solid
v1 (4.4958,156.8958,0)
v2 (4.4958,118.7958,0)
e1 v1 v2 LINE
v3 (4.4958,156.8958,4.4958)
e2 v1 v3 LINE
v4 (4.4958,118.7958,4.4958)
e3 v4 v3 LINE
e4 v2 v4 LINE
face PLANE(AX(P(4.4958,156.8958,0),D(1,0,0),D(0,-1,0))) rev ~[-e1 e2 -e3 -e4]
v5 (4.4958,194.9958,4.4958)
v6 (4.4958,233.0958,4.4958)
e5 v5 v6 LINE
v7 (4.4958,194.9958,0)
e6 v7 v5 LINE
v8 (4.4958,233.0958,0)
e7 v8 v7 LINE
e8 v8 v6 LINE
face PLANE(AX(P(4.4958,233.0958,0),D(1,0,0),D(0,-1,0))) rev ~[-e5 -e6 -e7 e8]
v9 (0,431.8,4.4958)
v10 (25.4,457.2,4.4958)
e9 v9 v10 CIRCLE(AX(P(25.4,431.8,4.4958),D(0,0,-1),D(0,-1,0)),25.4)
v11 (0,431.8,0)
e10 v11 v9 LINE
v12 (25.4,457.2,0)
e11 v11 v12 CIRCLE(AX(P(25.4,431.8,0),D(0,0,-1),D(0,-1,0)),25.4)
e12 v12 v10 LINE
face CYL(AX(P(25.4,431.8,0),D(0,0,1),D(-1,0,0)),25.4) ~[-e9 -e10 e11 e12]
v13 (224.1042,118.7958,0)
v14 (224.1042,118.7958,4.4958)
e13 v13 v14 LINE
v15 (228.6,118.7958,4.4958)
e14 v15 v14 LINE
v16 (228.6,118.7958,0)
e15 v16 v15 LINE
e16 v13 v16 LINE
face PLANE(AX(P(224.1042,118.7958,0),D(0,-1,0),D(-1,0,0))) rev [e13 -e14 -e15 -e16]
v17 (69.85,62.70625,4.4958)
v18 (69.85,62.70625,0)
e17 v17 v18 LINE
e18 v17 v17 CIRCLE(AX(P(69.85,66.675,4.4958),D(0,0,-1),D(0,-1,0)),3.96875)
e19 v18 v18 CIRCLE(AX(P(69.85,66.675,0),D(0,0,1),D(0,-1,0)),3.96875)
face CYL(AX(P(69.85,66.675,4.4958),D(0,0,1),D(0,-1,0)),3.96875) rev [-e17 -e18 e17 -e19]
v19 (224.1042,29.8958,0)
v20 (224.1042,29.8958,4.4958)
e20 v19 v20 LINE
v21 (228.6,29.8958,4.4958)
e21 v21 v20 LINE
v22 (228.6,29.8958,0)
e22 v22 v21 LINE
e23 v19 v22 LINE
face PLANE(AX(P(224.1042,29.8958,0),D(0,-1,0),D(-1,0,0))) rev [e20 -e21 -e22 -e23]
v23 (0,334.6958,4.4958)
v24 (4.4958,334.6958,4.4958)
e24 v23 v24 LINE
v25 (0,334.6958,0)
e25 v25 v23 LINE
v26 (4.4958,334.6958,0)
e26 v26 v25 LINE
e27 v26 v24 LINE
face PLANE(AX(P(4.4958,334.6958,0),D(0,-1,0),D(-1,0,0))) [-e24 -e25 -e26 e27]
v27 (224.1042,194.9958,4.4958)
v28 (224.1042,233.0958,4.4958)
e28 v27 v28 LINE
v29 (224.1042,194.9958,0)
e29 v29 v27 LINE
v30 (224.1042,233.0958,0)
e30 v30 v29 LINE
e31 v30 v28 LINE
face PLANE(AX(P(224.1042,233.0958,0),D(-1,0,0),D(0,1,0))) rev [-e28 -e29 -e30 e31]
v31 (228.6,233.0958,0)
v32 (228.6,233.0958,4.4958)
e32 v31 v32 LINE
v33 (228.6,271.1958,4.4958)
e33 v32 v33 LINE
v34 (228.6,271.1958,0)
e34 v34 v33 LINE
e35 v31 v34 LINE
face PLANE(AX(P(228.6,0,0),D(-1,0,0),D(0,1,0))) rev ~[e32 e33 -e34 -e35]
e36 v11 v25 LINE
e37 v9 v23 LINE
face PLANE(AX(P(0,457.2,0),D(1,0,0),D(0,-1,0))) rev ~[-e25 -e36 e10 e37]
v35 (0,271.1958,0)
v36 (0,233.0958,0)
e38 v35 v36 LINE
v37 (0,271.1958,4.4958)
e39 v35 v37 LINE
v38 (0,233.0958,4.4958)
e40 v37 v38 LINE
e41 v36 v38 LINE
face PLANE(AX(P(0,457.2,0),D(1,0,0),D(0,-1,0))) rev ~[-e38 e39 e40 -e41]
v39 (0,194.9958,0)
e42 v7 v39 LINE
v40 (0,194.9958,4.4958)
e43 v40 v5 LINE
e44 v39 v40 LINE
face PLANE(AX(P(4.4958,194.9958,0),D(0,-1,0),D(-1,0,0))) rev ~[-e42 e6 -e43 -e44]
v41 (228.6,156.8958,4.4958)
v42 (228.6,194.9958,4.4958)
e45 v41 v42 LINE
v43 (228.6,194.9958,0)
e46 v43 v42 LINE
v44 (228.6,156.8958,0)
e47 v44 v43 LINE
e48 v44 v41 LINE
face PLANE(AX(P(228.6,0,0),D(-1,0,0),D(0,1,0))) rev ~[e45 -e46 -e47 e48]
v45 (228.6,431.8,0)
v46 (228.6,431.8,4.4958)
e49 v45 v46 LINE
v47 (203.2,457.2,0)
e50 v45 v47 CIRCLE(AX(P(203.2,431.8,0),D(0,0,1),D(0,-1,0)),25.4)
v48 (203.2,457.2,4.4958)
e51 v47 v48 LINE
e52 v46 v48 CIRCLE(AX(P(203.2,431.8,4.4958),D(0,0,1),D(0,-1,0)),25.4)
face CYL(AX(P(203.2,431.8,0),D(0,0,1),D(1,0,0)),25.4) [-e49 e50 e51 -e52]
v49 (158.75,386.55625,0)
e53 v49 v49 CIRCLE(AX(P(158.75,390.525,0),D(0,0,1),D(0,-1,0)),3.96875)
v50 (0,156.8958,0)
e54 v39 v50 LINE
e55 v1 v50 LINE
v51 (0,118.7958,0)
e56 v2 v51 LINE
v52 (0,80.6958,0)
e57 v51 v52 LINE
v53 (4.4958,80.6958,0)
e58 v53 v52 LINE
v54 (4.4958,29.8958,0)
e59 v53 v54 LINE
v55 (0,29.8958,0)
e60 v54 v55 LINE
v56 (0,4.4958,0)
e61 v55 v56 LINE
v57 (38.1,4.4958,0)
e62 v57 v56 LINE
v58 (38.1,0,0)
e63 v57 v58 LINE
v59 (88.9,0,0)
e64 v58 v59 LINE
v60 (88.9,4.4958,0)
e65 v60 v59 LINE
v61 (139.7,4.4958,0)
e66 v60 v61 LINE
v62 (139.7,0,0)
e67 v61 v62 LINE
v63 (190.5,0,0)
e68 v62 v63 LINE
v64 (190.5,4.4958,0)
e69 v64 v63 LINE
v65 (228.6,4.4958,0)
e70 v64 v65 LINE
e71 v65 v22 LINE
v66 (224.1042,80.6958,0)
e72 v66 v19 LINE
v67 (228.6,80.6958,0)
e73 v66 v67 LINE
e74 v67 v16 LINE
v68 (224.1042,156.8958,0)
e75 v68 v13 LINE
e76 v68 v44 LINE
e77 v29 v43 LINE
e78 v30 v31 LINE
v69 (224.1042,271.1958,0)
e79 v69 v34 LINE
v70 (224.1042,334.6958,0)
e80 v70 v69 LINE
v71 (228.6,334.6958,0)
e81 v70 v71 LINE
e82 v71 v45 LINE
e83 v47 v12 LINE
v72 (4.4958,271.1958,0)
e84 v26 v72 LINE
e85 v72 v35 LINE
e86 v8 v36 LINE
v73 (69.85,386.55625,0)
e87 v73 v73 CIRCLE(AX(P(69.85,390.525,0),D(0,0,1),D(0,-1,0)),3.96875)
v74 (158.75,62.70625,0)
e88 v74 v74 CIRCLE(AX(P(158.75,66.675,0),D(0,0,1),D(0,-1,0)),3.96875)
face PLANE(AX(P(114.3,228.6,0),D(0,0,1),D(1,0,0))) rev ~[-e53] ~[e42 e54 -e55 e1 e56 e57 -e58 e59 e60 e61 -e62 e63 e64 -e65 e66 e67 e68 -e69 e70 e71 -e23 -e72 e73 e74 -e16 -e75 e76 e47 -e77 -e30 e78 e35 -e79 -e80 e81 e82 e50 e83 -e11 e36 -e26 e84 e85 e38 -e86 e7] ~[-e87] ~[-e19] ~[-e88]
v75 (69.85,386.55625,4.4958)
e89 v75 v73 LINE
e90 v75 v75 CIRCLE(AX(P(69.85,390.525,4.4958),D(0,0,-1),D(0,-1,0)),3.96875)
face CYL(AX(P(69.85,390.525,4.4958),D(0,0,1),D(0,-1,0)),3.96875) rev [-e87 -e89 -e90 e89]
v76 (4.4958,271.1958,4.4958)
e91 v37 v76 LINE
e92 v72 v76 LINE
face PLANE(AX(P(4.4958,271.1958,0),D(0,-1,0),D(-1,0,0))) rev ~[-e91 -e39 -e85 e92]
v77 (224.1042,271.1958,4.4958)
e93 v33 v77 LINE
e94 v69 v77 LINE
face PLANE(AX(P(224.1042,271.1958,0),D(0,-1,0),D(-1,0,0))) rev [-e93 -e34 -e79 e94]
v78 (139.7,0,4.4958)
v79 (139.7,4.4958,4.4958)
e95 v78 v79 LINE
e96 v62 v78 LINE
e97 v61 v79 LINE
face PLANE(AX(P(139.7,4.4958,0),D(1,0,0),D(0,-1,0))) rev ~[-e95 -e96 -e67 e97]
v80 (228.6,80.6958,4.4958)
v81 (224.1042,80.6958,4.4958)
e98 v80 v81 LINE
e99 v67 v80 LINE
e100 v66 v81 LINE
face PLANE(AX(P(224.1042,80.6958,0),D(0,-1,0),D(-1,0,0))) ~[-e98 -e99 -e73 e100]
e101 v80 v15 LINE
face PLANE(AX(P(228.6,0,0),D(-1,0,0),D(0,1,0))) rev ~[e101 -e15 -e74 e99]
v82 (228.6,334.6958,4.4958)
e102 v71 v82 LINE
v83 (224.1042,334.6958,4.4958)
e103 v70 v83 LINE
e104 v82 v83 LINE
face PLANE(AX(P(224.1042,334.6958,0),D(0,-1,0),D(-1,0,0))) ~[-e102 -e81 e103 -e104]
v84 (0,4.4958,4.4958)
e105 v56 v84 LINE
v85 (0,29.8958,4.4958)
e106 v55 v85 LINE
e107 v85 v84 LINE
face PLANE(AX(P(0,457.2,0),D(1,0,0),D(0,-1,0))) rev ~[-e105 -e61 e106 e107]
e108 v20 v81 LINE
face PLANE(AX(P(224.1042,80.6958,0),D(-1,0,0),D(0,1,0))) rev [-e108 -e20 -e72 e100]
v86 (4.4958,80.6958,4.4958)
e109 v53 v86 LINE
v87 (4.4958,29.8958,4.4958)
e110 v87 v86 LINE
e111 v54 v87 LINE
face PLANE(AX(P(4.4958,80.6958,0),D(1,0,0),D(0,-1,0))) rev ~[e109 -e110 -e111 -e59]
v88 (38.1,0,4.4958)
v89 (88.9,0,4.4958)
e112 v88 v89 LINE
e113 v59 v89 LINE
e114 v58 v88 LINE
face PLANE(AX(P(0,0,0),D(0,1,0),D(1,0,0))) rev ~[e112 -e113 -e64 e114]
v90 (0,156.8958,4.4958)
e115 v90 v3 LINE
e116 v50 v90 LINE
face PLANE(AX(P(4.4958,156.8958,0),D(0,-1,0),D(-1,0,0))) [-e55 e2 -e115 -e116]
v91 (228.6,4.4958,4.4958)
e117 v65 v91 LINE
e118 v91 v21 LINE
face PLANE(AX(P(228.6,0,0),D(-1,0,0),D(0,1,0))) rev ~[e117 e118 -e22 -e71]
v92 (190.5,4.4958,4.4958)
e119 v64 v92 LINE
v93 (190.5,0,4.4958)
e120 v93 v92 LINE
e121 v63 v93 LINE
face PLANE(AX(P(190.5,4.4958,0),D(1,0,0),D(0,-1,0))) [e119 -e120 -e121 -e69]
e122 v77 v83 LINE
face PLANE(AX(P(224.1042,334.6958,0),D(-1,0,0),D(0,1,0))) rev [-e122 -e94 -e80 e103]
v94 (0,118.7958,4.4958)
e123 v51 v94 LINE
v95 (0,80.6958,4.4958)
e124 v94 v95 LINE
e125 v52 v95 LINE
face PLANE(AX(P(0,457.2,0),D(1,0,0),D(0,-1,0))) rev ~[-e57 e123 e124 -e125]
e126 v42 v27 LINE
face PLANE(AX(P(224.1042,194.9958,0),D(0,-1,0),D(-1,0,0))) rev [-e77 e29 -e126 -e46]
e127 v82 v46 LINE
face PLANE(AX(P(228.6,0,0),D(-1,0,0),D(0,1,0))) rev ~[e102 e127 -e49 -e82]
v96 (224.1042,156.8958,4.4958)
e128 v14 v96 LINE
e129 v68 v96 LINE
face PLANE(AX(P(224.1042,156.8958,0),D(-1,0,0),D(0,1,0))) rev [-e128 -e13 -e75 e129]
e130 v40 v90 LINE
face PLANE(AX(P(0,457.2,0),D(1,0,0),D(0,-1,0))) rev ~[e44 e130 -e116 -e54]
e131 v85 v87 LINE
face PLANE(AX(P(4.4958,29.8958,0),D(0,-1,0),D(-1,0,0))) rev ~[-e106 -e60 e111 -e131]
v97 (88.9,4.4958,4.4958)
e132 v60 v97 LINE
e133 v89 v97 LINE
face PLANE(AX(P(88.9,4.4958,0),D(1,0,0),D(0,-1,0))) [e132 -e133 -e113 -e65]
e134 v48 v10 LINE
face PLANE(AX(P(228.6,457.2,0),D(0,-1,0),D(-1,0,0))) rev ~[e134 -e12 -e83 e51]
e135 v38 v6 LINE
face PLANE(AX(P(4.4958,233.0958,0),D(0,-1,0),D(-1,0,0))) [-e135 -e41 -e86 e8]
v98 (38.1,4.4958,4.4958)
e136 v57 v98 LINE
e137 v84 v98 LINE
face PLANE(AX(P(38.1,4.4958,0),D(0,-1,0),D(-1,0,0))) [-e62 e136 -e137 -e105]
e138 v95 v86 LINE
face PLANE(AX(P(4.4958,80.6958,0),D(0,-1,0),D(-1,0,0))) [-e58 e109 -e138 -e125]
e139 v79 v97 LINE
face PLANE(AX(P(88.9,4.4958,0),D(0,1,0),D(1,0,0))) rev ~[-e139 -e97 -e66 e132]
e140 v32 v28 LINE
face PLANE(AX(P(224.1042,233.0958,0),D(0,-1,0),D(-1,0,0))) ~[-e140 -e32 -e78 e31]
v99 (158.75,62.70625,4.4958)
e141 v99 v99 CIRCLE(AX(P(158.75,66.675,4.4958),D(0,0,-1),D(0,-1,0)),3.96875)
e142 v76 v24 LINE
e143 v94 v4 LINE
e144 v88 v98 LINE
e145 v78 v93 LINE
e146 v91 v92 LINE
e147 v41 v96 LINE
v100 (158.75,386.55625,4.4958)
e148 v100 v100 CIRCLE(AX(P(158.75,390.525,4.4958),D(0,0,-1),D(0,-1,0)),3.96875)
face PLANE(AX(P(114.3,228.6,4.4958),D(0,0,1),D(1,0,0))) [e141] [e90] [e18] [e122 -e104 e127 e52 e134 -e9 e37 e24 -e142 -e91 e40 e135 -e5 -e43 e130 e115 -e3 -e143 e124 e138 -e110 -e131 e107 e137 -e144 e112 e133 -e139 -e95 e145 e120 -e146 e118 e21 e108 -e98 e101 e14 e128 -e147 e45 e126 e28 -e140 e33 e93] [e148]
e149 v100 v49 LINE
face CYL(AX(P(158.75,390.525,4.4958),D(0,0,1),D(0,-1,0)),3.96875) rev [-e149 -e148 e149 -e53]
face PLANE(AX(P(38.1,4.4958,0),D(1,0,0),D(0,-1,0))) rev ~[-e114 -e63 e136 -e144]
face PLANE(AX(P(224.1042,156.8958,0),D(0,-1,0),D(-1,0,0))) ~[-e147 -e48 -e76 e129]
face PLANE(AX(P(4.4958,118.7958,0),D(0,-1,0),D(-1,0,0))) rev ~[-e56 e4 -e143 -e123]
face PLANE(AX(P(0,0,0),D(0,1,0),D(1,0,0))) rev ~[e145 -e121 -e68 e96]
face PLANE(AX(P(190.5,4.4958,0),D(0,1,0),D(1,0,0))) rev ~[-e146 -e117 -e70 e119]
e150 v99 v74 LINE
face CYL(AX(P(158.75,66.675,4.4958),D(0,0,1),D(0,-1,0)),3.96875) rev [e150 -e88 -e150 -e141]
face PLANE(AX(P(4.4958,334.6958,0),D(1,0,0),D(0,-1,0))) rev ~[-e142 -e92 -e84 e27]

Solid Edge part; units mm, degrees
sketch "Sketch1" plane through (0, 0, 0) normal (0, 0, 1) x (1, 0, 0)
  line L0 (0, 0) -> (228.6, 0)
  line L1 (228.6, 0) -> (228.6, 457.2)
  line L2 (228.6, 457.2) -> (0, 457.2)
  line L3 (0, 457.2) -> (0, 0)
  dimension "D1" = 228.6
  dimension "D2" = 457.2
extrude "Protrusion1" add sketch "Sketch1" along normal blind 4.4958
hole "Hole_1" at (69.85, 66.675, 4.4958) direction (0, 0, -1) diameter 7.9375 end up to next
hole "Hole1" at (158.75, 66.675, 4.4958) direction (0, 0, -1) diameter 7.9375 end up to next
hole "Hole2" at (158.75, 390.525, 4.4958) direction (0, 0, -1) diameter 7.9375 end up to next
hole "Hole3" at (69.85, 390.525, 4.4958) direction (0, 0, -1) diameter 7.9375 end up to next
fillet "Round_1" radius 25.4 2 edges at (228.6, 457.2, 2.2479) (0, 457.2, 2.2479)
sketch "Sketch2" plane through (114.3, 228.6, 0) normal (0, 0, -1) x (0, -1, 0)
  line L0 (-106.0958, 109.8042) -> (-106.0958, 114.3)
  line L1 (-106.0958, 114.3) -> (-42.5958, 114.3)
  line L2 (-42.5958, 109.8042) -> (-42.5958, 114.3)
  line L3 (-106.0958, 109.8042) -> (-42.5958, 109.8042)
  line L4 (147.9042, 114.3) -> (198.7042, 114.3)
  line L5 (198.7042, 109.8042) -> (198.7042, 114.3)
  line L6 (147.9042, 109.8042) -> (198.7042, 109.8042)
  line L7 (147.9042, 109.8042) -> (147.9042, 114.3)
  line L8 (-4.4958, 109.8042) -> (-4.4958, 114.3)
  line L9 (-4.4958, 114.3) -> (33.6042, 114.3)
  line L10 (33.6042, 109.8042) -> (33.6042, 114.3)
  line L11 (-4.4958, 109.8042) -> (33.6042, 109.8042)
  line L12 (71.7042, 109.8042) -> (71.7042, 114.3)
  line L13 (71.7042, 114.3) -> (109.8042, 114.3)
  line L14 (109.8042, 109.8042) -> (109.8042, 114.3)
  line L15 (71.7042, 109.8042) -> (109.8042, 109.8042)
extrude "Cutout1" cut sketch "Sketch2" against normal through all
mirror "Mirror1" about plane through (114.3, 0, 0) normal (-1, 0, 0) of "Cutout1"
sketch "Sketch3" plane through (114.3, 228.6, 0) normal (0, 0, -1) x (-1, 0, 0)
  line L0 (25.4, -224.1042) -> (-25.4, -224.1042)
  line L1 (-25.4, -224.1042) -> (-25.4, -228.6)
  line L2 (25.4, -228.6) -> (-25.4, -228.6)
  line L3 (25.4, -224.1042) -> (25.4, -228.6)
  line L4 (-76.2, -224.1042) -> (-76.2, -228.6)
  line L5 (-76.2, -228.6) -> (-114.3, -228.6)
  line L6 (-114.3, -224.1042) -> (-114.3, -228.6)
  line L7 (-76.2, -224.1042) -> (-114.3, -224.1042)
  line L8 (76.2, -224.1042) -> (76.2, -228.6)
  line L9 (114.3, -228.6) -> (76.2, -228.6)
  line L10 (114.3, -224.1042) -> (114.3, -228.6)
  line L11 (76.2, -224.1042) -> (114.3, -224.1042)
extrude "Cutout3" cut sketch "Sketch3" against normal through all
properties material "Acrylic, high impact grade"
